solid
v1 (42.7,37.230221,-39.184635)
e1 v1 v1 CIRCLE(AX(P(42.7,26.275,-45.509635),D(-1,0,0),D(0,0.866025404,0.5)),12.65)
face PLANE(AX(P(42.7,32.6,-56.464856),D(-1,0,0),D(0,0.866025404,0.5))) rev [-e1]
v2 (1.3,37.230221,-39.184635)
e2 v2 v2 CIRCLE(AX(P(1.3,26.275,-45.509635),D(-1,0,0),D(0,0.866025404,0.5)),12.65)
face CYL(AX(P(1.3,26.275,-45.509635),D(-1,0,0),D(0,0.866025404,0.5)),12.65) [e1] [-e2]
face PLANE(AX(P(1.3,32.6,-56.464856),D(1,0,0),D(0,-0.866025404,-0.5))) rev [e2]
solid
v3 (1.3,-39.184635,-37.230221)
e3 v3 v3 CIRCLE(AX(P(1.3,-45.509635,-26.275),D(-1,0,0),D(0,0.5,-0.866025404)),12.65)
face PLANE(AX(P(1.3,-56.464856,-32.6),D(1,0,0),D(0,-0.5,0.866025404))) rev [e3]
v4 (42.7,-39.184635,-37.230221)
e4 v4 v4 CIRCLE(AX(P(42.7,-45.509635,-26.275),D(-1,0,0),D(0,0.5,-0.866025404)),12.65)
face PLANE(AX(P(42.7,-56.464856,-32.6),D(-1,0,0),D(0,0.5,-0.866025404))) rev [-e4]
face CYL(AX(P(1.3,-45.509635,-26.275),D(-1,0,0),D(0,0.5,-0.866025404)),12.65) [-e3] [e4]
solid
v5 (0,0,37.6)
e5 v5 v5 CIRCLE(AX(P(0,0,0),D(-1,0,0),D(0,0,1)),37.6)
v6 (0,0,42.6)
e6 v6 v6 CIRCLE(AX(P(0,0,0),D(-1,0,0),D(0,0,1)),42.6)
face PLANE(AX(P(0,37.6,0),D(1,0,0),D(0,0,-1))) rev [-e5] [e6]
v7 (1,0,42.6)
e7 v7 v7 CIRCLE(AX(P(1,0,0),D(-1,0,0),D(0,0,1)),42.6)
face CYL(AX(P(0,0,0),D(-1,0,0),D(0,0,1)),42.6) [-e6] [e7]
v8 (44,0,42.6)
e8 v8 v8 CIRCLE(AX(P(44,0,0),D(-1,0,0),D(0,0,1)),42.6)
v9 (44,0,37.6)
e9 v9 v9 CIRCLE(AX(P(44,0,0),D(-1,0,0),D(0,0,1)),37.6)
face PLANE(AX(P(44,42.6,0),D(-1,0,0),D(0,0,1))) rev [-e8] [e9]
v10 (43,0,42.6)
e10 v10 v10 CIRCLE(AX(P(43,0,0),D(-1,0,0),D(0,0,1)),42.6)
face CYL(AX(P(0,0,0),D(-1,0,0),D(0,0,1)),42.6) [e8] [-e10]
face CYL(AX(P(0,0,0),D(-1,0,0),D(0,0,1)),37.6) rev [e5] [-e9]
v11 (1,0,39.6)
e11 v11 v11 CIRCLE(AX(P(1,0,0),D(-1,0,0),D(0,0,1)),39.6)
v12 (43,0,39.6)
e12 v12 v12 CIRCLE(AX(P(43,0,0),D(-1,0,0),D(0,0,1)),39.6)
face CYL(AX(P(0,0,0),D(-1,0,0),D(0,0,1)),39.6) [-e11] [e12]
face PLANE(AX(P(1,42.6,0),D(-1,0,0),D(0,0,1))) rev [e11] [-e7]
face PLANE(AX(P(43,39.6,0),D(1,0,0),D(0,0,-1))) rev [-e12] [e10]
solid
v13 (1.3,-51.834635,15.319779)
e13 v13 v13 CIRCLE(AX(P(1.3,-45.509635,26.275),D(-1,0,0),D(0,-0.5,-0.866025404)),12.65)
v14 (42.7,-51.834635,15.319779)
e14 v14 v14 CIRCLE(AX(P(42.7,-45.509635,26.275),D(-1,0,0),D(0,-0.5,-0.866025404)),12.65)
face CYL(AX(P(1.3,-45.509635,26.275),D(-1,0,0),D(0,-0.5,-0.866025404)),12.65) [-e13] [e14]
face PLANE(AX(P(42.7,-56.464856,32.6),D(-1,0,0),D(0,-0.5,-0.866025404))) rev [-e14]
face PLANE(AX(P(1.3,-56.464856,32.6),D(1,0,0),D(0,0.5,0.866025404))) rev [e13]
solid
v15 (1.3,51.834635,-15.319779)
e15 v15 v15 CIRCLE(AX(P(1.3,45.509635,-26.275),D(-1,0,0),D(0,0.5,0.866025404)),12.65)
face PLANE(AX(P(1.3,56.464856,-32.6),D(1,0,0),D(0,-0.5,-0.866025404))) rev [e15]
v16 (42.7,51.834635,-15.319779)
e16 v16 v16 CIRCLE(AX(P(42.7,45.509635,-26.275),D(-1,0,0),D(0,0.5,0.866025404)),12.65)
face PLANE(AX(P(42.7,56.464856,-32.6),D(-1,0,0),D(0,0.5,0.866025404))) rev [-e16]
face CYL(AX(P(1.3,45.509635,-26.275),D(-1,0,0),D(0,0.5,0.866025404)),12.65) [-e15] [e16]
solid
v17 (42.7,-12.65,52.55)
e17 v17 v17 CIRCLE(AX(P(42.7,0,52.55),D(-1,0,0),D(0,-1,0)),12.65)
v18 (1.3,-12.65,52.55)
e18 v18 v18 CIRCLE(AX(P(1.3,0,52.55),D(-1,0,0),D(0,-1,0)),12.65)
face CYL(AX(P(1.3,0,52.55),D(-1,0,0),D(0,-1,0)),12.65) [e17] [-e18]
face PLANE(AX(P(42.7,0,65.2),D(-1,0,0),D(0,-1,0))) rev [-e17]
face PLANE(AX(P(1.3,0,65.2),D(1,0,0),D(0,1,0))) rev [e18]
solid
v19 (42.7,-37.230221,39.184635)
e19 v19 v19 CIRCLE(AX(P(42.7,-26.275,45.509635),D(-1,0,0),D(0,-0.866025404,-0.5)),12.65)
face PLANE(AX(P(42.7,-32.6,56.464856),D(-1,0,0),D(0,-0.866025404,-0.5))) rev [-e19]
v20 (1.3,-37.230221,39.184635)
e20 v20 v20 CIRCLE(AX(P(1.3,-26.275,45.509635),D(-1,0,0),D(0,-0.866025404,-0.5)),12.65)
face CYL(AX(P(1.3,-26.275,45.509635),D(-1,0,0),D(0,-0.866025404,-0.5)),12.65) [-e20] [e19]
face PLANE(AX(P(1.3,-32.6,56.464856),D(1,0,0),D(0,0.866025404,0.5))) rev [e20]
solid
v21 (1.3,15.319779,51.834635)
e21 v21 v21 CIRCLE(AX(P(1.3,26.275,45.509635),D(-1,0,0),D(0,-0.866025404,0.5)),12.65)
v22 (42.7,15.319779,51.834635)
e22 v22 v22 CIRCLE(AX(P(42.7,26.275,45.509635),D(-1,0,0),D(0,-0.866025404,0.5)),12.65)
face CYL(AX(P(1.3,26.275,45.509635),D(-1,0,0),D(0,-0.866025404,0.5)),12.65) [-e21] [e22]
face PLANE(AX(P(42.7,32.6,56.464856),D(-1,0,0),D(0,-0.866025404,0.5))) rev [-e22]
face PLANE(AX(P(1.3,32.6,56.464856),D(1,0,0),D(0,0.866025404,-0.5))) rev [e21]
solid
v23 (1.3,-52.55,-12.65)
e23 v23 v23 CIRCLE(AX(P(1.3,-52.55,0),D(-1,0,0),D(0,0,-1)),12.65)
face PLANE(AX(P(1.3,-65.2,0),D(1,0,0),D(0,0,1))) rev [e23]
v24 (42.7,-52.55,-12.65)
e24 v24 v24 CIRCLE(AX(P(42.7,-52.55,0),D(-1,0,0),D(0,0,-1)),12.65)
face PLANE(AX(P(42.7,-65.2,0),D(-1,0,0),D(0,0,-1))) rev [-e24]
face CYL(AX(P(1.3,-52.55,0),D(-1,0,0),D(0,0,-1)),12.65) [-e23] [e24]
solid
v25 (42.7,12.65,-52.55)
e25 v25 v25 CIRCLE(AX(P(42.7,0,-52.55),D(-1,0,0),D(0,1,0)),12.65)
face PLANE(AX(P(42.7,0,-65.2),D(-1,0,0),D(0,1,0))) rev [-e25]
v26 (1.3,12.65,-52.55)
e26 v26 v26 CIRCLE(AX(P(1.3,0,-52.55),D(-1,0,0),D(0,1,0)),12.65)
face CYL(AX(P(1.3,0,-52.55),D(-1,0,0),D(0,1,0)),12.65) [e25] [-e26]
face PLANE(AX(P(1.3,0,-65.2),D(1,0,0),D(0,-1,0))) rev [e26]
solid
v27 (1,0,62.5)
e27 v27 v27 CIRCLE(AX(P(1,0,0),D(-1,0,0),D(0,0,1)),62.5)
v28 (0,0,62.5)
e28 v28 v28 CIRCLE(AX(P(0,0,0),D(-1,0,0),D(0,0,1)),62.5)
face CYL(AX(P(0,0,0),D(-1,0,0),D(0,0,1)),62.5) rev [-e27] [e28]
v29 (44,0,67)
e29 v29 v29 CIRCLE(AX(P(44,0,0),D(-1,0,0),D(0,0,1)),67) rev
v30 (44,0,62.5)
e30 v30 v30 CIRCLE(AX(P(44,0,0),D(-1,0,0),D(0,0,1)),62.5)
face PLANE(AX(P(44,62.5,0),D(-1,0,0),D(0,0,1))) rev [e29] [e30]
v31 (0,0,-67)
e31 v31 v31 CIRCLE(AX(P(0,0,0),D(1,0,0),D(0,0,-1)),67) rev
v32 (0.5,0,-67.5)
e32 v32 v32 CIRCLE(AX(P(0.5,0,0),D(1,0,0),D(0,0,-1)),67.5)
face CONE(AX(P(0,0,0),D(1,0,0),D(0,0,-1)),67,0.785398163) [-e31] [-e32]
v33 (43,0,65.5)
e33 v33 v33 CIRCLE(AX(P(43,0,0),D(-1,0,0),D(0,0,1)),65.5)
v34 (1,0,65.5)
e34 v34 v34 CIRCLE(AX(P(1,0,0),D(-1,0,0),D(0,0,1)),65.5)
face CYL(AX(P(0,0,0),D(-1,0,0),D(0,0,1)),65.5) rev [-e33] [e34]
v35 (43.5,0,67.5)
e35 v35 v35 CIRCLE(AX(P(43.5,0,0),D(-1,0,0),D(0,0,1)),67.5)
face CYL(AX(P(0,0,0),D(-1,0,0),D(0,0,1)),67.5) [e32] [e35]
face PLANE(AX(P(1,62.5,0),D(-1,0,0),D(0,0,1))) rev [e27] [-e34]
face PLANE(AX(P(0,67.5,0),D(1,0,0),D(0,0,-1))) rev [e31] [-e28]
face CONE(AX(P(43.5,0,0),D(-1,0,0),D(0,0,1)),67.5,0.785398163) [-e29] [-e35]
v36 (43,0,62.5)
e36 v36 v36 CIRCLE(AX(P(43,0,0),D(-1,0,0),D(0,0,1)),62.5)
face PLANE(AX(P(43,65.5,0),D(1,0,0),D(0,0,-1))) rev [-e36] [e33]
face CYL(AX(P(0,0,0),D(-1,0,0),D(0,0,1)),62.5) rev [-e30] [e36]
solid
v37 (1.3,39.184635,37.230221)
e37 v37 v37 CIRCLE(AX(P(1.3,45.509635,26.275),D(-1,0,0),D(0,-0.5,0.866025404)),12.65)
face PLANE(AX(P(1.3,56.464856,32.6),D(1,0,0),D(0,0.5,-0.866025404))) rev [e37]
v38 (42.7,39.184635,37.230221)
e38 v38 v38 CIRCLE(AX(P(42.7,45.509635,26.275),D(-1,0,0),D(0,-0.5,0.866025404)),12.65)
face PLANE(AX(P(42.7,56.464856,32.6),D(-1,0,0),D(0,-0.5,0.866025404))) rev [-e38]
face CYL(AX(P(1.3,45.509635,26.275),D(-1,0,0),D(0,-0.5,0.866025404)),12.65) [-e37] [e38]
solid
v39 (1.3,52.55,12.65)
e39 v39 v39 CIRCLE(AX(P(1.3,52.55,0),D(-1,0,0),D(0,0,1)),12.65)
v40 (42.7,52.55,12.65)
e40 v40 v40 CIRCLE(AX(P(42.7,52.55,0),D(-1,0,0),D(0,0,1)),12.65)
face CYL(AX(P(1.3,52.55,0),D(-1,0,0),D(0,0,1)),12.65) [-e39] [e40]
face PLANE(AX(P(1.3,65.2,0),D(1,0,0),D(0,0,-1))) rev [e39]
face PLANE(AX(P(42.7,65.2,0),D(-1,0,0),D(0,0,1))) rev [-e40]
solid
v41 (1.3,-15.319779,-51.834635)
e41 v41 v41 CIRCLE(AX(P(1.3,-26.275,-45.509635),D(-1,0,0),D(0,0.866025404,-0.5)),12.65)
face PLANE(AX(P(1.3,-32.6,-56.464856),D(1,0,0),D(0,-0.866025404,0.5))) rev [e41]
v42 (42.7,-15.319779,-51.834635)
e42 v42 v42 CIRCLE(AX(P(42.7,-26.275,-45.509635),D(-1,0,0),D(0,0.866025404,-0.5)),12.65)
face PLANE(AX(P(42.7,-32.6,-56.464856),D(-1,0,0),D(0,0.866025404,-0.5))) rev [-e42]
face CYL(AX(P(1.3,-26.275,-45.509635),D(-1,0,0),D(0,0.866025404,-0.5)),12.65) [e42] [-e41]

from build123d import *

# Parameters (mm, degrees)
SKETCH_2_W               = 41.4
SKETCH_2_H               = 12.65
PATTERN_CIRCULAR_3_COUNT = 12
CHAMFER_1_SIZE           = 0.5


with BuildPart() as part:
    # 草图1 → 旋转1 (revolve)
    with BuildSketch(Plane.XY, mode=Mode.PRIVATE) as revolve_1_sk:
        Polygon((0, 37.6), (44, 37.6), (44, 42.6), (43, 42.6), (43, 39.6), (1, 39.6), (1, 42.6), (0, 42.6), align=None)
        Polygon((0, 67.5), (44, 67.5), (44, 62.5), (43, 62.5), (43, 65.5), (1, 65.5), (1, 62.5), (0, 62.5), align=None)
    revolve(revolve_1_sk.sketch.rotate(Axis((0, 0, 0), (1, 0, 0)), 90), axis=Axis((0, 0, 0), (1, 0, 0)))

    # 倒角1
    chamfer_1_edges = [part.edges().sort_by_distance(p)[0] for p in [
        (0, 0, -67.5),
        (44, 0, -67.5),
    ]]
    chamfer(chamfer_1_edges, length=CHAMFER_1_SIZE)


with BuildPart() as body_2:
    # 草图2 → 旋转2 (revolve)
    with BuildSketch(Plane.XY, mode=Mode.PRIVATE) as revolve_2_sk:
        with Locations((22, 58.875)):
            Rectangle(SKETCH_2_W, SKETCH_2_H)
    revolve(revolve_2_sk.sketch.rotate(Axis((1.3, 52.55, 0), (1, 0, 0)), 90), axis=Axis((1.3, 52.55, 0), (1, 0, 0)))


with BuildPart() as pattern_circular_3_1:
    # 阵列(圆周)3: pattern copy
    add(body_2.part.rotate(Axis((0, 0, 0), (1, 0, 0)), 1 * 360 / PATTERN_CIRCULAR_3_COUNT))


with BuildPart() as pattern_circular_3_2:
    # 阵列(圆周)3: pattern copy
    add(body_2.part.rotate(Axis((0, 0, 0), (1, 0, 0)), 2 * 360 / PATTERN_CIRCULAR_3_COUNT))


with BuildPart() as pattern_circular_3_3:
    # 阵列(圆周)3: pattern copy
    add(body_2.part.rotate(Axis((0, 0, 0), (1, 0, 0)), 3 * 360 / PATTERN_CIRCULAR_3_COUNT))


with BuildPart() as pattern_circular_3_4:
    # 阵列(圆周)3: pattern copy
    add(body_2.part.rotate(Axis((0, 0, 0), (1, 0, 0)), 4 * 360 / PATTERN_CIRCULAR_3_COUNT))


with BuildPart() as pattern_circular_3_5:
    # 阵列(圆周)3: pattern copy
    add(body_2.part.rotate(Axis((0, 0, 0), (1, 0, 0)), 5 * 360 / PATTERN_CIRCULAR_3_COUNT))


with BuildPart() as pattern_circular_3_6:
    # 阵列(圆周)3: pattern copy
    add(body_2.part.rotate(Axis((0, 0, 0), (1, 0, 0)), 6 * 360 / PATTERN_CIRCULAR_3_COUNT))


with BuildPart() as pattern_circular_3_7:
    # 阵列(圆周)3: pattern copy
    add(body_2.part.rotate(Axis((0, 0, 0), (1, 0, 0)), 7 * 360 / PATTERN_CIRCULAR_3_COUNT))


with BuildPart() as pattern_circular_3_8:
    # 阵列(圆周)3: pattern copy
    add(body_2.part.rotate(Axis((0, 0, 0), (1, 0, 0)), 8 * 360 / PATTERN_CIRCULAR_3_COUNT))


with BuildPart() as pattern_circular_3_9:
    # 阵列(圆周)3: pattern copy
    add(body_2.part.rotate(Axis((0, 0, 0), (1, 0, 0)), 9 * 360 / PATTERN_CIRCULAR_3_COUNT))


with BuildPart() as pattern_circular_3_10:
    # 阵列(圆周)3: pattern copy
    add(body_2.part.rotate(Axis((0, 0, 0), (1, 0, 0)), 10 * 360 / PATTERN_CIRCULAR_3_COUNT))


with BuildPart() as pattern_circular_3_11:
    # 阵列(圆周)3: pattern copy
    add(body_2.part.rotate(Axis((0, 0, 0), (1, 0, 0)), 11 * 360 / PATTERN_CIRCULAR_3_COUNT))


solid = Compound([part.part, body_2.part, pattern_circular_3_1.part, pattern_circular_3_2.part, pattern_circular_3_3.part, pattern_circular_3_4.part, pattern_circular_3_5.part, pattern_circular_3_6.part, pattern_circular_3_7.part, pattern_circular_3_8.part, pattern_circular_3_9.part, pattern_circular_3_10.part, pattern_circular_3_11.part])
